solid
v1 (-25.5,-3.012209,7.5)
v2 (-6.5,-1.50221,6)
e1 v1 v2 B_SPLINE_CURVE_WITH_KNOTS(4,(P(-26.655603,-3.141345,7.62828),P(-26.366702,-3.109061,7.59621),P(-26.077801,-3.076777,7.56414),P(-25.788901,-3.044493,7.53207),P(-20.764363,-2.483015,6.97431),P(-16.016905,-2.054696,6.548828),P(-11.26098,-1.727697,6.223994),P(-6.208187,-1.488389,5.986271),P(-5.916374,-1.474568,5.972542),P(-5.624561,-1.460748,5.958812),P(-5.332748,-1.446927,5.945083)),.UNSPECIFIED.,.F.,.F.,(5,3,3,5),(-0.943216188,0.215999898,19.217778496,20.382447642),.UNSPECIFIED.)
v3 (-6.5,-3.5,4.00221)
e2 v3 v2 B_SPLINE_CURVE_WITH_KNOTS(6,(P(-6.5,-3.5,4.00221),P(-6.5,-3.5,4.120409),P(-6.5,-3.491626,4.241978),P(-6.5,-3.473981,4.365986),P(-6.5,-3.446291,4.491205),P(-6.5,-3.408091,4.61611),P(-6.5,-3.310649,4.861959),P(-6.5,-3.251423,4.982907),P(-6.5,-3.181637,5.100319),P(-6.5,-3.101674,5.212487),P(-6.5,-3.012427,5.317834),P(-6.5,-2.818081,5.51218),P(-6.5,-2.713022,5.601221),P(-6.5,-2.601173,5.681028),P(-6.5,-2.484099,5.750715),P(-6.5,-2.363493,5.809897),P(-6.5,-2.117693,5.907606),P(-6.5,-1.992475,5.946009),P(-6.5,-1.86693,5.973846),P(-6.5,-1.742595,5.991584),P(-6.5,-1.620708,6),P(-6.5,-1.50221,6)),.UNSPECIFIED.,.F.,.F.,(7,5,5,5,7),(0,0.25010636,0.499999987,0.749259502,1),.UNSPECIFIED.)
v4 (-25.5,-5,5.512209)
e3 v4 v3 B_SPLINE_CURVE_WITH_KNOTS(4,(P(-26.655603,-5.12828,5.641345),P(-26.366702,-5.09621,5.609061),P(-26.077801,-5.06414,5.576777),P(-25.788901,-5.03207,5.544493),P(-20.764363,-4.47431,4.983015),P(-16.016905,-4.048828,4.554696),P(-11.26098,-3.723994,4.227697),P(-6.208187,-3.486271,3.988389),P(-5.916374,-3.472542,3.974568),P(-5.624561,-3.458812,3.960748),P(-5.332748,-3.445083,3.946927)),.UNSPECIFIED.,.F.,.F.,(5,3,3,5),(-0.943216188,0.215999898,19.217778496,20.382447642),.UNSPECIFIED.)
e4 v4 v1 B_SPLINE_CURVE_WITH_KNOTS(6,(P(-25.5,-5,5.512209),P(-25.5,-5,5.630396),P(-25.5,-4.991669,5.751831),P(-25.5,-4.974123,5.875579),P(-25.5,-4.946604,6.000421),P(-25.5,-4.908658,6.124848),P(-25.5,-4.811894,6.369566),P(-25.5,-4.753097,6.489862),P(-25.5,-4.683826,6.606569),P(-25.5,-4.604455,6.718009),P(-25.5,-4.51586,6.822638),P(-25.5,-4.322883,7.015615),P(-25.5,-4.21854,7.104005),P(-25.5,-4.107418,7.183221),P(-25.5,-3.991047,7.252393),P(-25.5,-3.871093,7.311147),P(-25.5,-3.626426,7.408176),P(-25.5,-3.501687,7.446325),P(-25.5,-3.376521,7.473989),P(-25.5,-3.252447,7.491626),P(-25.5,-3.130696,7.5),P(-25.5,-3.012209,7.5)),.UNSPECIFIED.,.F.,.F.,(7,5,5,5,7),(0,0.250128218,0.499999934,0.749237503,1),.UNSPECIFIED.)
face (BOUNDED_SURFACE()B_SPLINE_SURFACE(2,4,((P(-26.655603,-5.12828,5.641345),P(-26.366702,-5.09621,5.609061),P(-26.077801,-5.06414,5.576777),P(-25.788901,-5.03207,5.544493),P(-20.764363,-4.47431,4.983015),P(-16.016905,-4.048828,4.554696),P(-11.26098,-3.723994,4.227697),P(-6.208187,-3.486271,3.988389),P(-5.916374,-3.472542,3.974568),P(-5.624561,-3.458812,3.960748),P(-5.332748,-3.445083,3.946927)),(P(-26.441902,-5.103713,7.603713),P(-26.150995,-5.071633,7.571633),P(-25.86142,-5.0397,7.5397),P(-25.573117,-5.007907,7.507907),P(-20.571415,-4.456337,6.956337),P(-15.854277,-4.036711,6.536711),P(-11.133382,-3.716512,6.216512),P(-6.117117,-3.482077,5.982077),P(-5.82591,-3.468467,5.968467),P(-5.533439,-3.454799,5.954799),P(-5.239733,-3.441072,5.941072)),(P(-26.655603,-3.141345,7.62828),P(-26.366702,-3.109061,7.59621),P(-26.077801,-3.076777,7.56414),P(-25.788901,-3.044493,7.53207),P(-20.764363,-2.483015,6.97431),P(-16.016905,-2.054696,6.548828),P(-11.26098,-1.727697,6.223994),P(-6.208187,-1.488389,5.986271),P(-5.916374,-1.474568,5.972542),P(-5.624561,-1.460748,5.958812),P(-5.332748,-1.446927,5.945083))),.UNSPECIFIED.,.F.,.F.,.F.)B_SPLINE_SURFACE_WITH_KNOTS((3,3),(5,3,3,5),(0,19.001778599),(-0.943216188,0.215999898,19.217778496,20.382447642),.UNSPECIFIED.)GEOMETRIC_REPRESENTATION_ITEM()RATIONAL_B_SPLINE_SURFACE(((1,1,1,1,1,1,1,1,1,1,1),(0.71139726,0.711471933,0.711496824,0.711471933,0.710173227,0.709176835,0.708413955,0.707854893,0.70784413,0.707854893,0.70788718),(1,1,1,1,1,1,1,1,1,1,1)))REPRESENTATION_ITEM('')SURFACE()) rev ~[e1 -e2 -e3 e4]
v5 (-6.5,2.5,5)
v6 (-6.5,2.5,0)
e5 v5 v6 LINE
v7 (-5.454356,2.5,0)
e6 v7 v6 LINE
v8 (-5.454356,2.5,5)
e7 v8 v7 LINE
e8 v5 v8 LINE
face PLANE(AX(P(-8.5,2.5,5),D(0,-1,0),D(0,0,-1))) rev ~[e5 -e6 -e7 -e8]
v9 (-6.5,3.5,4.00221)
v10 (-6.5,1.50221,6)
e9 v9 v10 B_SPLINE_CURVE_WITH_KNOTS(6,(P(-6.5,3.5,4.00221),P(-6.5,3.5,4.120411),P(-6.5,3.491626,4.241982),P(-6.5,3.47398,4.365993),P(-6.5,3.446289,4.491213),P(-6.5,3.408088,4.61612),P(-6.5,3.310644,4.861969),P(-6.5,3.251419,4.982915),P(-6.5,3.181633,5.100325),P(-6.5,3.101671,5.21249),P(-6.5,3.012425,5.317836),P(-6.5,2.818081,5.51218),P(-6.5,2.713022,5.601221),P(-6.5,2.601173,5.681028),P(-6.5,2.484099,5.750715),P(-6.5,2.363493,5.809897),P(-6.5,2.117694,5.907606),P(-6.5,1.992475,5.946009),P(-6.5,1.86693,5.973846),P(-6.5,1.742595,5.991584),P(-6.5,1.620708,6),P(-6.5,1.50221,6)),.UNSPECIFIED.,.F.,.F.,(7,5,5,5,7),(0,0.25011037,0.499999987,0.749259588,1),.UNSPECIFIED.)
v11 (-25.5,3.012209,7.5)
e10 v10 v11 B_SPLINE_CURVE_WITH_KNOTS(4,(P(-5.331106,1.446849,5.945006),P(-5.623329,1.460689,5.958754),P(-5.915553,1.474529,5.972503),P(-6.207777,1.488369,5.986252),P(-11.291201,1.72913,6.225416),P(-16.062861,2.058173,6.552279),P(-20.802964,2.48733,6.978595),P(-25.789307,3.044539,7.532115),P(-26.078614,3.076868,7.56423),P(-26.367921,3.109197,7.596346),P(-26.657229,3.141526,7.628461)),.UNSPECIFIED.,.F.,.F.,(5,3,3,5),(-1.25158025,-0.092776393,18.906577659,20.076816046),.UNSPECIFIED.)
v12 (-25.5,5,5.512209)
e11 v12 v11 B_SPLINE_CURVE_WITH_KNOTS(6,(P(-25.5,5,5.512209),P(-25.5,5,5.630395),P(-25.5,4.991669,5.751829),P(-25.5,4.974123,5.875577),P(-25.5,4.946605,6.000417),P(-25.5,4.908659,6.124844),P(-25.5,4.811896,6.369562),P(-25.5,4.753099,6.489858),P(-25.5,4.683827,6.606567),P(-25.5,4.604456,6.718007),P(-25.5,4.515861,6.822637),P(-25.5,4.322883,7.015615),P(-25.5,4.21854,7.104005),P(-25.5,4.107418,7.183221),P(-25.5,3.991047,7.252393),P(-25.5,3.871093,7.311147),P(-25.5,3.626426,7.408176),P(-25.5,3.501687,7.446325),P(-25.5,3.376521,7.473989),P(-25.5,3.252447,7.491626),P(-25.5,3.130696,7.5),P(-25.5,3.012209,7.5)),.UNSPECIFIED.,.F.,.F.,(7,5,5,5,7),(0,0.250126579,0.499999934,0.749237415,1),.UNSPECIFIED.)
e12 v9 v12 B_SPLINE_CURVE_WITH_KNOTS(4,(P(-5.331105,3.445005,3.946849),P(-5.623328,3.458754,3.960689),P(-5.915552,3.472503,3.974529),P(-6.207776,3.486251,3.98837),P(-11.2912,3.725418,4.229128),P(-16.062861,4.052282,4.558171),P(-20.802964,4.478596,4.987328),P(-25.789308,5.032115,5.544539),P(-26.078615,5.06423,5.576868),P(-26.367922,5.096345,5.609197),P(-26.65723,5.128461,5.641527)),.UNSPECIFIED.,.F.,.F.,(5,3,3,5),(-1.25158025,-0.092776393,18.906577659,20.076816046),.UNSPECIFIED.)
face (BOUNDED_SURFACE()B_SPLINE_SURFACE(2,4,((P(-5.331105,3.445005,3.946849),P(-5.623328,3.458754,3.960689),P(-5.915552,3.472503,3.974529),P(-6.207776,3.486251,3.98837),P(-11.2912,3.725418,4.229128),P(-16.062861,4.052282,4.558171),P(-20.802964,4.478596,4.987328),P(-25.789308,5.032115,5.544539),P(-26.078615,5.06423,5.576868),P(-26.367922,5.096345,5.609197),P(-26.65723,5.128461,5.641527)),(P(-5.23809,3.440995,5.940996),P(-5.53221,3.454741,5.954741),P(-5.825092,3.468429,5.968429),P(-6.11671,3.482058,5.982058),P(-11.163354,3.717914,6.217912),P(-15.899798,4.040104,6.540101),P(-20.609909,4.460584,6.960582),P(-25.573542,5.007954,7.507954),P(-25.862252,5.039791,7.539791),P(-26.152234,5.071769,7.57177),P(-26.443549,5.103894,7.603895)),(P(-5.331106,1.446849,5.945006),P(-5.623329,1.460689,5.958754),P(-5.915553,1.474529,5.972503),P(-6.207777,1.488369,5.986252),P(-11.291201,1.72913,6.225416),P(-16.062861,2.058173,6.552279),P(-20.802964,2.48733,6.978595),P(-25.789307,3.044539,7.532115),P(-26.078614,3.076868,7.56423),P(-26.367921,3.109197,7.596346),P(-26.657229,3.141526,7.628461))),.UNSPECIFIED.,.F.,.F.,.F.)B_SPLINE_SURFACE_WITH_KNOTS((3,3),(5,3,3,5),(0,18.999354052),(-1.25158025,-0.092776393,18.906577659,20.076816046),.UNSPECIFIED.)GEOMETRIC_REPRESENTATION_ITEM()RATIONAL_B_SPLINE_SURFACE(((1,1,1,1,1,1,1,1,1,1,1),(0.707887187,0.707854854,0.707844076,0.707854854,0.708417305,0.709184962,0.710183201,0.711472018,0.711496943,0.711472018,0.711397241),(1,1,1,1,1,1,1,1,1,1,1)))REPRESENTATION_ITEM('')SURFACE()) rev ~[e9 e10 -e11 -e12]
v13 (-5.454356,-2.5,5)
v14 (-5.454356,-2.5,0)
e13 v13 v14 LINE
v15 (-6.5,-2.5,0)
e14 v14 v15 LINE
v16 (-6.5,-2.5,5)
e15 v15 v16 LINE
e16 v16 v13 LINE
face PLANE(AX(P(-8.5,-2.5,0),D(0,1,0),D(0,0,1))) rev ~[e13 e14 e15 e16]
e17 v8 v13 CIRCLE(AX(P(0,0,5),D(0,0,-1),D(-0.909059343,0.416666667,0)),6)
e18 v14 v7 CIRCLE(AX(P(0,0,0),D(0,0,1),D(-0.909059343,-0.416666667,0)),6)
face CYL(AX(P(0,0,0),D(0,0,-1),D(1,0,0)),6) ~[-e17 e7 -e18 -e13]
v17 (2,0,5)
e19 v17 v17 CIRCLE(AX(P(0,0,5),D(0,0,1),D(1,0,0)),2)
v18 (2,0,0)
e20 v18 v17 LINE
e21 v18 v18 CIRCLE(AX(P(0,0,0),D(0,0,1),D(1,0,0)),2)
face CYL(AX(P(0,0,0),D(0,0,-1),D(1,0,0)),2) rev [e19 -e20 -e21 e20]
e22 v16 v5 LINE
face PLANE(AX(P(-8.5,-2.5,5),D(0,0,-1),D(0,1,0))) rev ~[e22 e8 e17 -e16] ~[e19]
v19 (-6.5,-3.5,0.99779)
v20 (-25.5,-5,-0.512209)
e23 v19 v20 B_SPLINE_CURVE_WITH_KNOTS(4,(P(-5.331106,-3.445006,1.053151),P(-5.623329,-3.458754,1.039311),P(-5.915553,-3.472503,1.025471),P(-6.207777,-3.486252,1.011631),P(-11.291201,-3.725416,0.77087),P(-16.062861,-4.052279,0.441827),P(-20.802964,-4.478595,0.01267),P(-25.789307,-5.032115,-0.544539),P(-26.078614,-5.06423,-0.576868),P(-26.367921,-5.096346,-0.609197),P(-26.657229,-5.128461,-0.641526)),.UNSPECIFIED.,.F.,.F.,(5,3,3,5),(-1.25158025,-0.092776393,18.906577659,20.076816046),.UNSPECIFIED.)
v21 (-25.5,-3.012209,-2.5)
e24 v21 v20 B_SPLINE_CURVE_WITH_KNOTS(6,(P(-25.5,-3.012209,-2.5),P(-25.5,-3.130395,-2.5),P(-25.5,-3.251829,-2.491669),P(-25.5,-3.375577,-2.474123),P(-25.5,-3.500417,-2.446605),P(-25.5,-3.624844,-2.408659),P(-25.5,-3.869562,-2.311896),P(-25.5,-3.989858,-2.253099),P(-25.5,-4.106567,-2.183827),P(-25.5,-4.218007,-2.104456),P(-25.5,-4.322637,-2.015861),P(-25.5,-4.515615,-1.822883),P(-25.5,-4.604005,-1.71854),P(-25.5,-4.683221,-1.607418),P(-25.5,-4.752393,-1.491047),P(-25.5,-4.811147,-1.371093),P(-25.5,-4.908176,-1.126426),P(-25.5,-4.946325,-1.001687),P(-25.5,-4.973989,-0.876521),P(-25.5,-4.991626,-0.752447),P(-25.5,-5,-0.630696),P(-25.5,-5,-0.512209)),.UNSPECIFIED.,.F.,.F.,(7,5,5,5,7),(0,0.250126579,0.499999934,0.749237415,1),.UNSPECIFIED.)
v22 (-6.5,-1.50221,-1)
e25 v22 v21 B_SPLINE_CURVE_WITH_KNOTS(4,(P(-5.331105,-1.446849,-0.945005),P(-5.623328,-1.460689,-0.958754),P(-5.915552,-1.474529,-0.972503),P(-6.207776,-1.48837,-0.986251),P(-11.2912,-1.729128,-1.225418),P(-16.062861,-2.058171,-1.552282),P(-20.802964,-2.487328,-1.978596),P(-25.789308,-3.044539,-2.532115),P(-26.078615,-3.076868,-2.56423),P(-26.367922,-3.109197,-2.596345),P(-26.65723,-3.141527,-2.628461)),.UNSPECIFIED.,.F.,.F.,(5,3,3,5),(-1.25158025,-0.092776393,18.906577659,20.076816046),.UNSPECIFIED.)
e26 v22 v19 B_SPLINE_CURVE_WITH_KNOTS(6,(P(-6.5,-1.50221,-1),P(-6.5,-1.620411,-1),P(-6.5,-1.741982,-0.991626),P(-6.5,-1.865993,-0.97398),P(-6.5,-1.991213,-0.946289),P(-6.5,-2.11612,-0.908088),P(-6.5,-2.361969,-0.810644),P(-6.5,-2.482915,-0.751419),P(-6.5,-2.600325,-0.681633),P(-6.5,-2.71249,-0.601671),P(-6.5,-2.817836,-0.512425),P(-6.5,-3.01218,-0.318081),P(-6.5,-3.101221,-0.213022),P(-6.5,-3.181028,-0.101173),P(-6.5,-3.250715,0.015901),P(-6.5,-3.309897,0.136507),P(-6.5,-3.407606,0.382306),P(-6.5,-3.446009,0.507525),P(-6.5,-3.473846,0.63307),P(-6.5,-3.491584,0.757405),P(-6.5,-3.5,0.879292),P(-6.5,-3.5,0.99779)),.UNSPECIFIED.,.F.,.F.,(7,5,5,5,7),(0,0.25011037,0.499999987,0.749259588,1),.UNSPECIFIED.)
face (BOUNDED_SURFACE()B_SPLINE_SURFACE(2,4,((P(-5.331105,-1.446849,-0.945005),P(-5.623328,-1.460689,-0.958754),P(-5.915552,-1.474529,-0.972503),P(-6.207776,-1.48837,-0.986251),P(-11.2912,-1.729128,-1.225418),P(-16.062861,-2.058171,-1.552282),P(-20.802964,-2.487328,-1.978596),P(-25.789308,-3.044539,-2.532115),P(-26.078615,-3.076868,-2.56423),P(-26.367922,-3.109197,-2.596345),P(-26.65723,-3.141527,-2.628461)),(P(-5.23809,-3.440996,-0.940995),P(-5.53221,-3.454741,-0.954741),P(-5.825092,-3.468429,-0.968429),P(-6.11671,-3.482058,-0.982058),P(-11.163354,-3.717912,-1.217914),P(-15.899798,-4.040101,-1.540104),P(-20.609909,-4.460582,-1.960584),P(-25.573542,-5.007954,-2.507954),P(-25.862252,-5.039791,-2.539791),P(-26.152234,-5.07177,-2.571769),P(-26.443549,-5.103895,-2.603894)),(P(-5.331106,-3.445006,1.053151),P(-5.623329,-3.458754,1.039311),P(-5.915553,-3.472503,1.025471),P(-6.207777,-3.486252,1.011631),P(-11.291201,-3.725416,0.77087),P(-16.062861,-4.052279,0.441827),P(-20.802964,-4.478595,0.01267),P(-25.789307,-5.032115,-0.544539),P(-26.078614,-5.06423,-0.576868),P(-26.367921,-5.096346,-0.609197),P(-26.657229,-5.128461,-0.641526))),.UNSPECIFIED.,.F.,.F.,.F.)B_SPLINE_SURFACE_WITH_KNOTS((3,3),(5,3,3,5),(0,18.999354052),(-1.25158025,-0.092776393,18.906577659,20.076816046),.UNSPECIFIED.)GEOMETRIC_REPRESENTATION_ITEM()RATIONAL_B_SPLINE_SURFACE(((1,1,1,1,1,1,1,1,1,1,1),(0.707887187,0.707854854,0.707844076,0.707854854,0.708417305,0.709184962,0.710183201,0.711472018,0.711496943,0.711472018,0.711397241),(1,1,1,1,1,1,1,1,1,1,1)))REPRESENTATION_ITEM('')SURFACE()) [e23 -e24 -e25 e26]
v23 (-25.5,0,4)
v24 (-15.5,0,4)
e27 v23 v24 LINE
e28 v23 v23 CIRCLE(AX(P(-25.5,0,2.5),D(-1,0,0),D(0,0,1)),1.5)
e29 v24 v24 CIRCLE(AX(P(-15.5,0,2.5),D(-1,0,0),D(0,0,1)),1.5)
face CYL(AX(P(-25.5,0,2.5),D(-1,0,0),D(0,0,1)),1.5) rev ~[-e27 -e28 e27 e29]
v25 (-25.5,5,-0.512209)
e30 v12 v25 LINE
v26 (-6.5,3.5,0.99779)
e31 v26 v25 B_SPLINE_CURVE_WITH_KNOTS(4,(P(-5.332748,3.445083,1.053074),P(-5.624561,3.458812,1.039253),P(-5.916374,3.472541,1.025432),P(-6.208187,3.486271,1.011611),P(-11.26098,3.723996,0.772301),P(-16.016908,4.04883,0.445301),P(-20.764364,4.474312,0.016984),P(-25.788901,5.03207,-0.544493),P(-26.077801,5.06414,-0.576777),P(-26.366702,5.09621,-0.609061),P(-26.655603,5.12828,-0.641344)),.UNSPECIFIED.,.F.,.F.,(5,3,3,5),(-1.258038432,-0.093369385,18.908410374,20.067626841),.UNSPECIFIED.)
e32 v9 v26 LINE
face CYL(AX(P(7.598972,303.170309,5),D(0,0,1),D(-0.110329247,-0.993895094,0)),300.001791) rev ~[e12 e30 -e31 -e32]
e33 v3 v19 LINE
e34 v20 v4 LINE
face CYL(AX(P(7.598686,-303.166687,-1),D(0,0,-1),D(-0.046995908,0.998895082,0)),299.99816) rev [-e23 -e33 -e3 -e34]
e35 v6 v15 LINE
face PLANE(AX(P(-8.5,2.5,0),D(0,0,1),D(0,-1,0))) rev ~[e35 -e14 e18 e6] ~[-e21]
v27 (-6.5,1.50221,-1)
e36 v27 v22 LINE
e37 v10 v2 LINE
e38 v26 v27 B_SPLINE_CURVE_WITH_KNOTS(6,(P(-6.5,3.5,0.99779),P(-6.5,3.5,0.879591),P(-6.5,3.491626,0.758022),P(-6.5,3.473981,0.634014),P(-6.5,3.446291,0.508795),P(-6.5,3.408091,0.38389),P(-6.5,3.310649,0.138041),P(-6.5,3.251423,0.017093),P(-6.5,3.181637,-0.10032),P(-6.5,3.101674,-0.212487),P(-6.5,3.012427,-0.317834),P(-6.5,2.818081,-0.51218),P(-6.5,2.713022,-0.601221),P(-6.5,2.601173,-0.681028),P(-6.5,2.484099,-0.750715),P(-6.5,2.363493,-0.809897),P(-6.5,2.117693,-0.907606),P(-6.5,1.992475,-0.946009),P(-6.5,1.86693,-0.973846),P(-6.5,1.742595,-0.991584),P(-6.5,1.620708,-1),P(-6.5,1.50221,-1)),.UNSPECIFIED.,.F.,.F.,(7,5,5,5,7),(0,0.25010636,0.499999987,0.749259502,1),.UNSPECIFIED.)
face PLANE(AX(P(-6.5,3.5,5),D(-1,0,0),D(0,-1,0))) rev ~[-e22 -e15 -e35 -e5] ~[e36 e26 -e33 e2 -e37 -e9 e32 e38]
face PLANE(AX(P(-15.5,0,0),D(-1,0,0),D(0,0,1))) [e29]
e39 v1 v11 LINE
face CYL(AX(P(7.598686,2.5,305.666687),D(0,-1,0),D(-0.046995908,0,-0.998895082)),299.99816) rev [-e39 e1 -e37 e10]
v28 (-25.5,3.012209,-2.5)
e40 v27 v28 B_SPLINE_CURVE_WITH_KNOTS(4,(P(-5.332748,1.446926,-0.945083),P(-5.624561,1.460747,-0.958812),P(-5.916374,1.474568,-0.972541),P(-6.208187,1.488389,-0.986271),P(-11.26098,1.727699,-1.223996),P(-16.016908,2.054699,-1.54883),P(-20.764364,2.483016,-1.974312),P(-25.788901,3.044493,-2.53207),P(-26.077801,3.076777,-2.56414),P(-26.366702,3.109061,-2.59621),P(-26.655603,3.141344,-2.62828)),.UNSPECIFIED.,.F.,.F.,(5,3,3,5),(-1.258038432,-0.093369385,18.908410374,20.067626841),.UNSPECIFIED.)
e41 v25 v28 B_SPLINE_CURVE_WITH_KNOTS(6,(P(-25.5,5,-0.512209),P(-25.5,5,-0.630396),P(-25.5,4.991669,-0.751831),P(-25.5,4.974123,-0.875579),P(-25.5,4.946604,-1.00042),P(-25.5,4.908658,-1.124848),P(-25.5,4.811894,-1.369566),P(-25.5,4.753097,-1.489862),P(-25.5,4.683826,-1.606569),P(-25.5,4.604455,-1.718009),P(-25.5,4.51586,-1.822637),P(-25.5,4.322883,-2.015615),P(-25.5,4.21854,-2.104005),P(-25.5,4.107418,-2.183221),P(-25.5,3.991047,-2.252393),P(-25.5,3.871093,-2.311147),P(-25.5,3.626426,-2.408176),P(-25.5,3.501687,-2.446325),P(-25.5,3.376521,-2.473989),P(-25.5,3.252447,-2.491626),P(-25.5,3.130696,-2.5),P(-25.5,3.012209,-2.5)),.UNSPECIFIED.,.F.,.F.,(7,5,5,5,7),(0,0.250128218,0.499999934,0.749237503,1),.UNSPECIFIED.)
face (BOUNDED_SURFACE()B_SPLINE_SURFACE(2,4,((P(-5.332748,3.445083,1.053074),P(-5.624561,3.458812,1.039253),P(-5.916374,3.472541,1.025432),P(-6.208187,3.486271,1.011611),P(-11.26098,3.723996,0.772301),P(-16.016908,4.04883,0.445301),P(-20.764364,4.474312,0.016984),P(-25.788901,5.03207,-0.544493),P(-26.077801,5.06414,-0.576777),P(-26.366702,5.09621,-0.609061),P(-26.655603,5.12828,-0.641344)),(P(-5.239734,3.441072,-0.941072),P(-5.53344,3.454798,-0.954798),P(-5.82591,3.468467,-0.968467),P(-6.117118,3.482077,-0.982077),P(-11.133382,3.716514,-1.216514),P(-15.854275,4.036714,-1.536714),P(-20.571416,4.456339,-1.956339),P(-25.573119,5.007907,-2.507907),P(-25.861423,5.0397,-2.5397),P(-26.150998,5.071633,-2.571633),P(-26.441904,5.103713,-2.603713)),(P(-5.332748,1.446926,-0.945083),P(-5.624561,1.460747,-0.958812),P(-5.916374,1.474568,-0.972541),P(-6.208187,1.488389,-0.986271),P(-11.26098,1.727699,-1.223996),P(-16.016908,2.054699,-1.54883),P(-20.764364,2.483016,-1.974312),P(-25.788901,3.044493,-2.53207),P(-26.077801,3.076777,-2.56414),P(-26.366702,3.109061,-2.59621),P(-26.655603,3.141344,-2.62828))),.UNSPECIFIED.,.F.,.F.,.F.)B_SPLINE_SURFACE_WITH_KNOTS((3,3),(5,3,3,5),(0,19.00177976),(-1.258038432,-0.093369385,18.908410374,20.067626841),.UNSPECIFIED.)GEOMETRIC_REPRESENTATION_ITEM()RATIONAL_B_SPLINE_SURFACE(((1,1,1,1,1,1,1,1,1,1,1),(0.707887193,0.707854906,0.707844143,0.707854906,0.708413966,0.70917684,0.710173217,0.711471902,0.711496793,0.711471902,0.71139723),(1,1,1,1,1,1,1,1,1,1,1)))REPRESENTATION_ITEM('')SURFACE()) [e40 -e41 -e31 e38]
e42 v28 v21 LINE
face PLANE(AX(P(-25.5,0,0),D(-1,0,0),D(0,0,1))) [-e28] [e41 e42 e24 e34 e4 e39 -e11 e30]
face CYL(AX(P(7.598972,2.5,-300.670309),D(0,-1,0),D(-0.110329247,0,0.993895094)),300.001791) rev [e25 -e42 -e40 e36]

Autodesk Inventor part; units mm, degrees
ref_plane "XZ Plane" through (0, 0, 0) normal (0, 1, 0) x (-1, 0, 0)
ref_plane "XY Plane" through (0, 0, 0) normal (0, 0, 1) x (1, 0, 0)
sketch "Sketch1" plane through (0, 0, 0) normal (0, 0, 1) x (1, 0, 0)
  circle A0 centre (0, 0) radius 2
  circle A1 centre (0, 0) radius 6
  dimension "d0" = 4
  dimension "d1" = 12
extrude "Extrusion1" add sketch "Sketch1" along normal blind 5
ref_plane "Work Plane1" through (-2.5, 0, 0) normal (1, 0, 0) x (0, 1, 0)
sketch "Sketch5" plane through (-2.5, 0, 0) normal (1, 0, 0) x (0, 1, 0)
  line L0 (2.5, 0) -> (-2.5, 0)
  line L1 (-2.5, 0) -> (-2.5, 5)
  line L2 (-2.5, 5) -> (2.5, 5)
  line L3 (2.5, 5) -> (2.5, 0)
  point P0 (0, 0)
  point P1 (0, 0)
  dimension "d5" = 5
  dimension "d6" = 5
extrude "Extrusion2" add sketch "Sketch5" against normal blind 6
sketch "Sketch7" plane through (-8.5, 0, 0) normal (-1, 0, 0) x (0, 0, 1)
  line L0 (0, 2.5) -> (0, -2.5) projected
  line L1 (0, -2.5) -> (5, -2.5) projected
  line L2 (5, -2.5) -> (5, 2.5) projected
  line L3 (5, 2.5) -> (0, 2.5) projected
  point P0 (0, 0)
extrude "Extrusion3" add sketch "Sketch7" along normal blind 17
sketch "Sketch8" plane through (0, 0, 5) normal (0, 0, 1) x (1, 0, 0)
  line L0 (-25.5, 5) -> (-25.5, -5)
  line L1 (-25.5, -2.5) -> (-25.5, 2.5) projected
  line L2 (-6.5, 3.5) -> (-6.5, -3.5)
  arc A0 (-25.5, 5) -> (-6.5, 3.5) centre (7.5988, 303.1685) ccw
  arc A1 (-6.5, -3.5) -> (-25.5, -5) centre (7.5988, -303.1685) ccw
  point P0 (0, 0)
  point P1 (-25.5, 0)
  point P2 (-25.5, 0)
  point P3 (-6.5, 0)
  dimension "d11" = 10
  dimension "d12" = 7
  dimension "d13" = 6.5
  dimension "d14" = 300
  dimension "d15" = 300
extrude "Extrusion4" add sketch "Sketch8" against normal blind 6 and the other way blind 1
sketch "Sketch9" plane through (-5.4544, 2.5, 5) normal (0, 1, 0) x (1, 0, 0)
  line L0 (-20.0456, 7.5) -> (-20.0456, -2.5) construction
  line L1 (-20.0456, -1) -> (-20.0456, 6) projected
  line L2 (-1.0456, 6) -> (-1.0456, -1)
  arc A0 (-20.0456, 7.5) -> (-1.0456, 6) centre (13.0532, 305.6685) ccw
  arc A1 (-1.0456, -1) -> (-20.0456, -2.5) centre (13.0532, -300.6685) ccw
  line L3 (-1.0456, 6) -> (-1.0456, -1) projected
  line L4 (-20.0456, 6) -> (-1.0456, 6)
  line L5 (-20.0456, -1) -> (-1.0456, -1)
  line L6 (-20.0456, 6) -> (-20.0456, 7.5)
  line L7 (-20.0456, -2.5) -> (-20.0456, -1)
  point P0 (5.4544, 5)
  point P1 (-20.0456, 2.5)
  dimension "d20" = 10
  dimension "d21" = 300
  dimension "d22" = 300
extrude "Extrusion5" add sketch "Sketch9" along normal blind 2.5 and the other way blind 7.5 contours L5 A1 L7 | L6 A0 L4
sketch "Sketch10" plane through (-25.5, 5, -1) normal (0, 0, 1) x (1, 0, 0)
  arc A0 (0, 0) -> (19, -1.5) centre (33.0988, 298.1685) ccw projected
  line L0 (19, -1.5) -> (19, 0) projected
  line L1 (0, 0) -> (19, 0) projected
  arc A1 (19, -8.5) -> (0, -10) centre (33.0988, -308.1685) ccw projected
  line L2 (19, -10) -> (0, -10) projected
  line L3 (19, -10) -> (19, -8.5) projected
  point P0 (25.5, -5)
extrude "Extrusion6" cut sketch "Sketch10" along normal through all both and the other way through all
fillet "Fillet1" radius 2 4 edges at (-16.0467, 4.1018, 6.6018) (-16.0467, 4.1018, -1.6018) (-16.0467, -4.1018, 6.6018) (-16.0467, -4.1018, -1.6018)
sketch "Sketch11" plane through (-25.5, 0, 0) normal (-1, 0, 0) x (0, 0, 1)
  circle A0 centre (2.5, 0) radius 1.5
  line L0 (5.5122, 5) -> (-0.5122, 5) projected
  line L1 (7.5, 3.0122) -> (7.5, -3.0122) projected
  point P0 (0, 0)
  point P1 (7.5, 0)
  point P2 (2.5, 5)
  dimension "d30" = 3
extrude "Extrusion7" cut sketch "Sketch11" against normal blind 10
properties part number "Arm2" material "ABS Plastic"
